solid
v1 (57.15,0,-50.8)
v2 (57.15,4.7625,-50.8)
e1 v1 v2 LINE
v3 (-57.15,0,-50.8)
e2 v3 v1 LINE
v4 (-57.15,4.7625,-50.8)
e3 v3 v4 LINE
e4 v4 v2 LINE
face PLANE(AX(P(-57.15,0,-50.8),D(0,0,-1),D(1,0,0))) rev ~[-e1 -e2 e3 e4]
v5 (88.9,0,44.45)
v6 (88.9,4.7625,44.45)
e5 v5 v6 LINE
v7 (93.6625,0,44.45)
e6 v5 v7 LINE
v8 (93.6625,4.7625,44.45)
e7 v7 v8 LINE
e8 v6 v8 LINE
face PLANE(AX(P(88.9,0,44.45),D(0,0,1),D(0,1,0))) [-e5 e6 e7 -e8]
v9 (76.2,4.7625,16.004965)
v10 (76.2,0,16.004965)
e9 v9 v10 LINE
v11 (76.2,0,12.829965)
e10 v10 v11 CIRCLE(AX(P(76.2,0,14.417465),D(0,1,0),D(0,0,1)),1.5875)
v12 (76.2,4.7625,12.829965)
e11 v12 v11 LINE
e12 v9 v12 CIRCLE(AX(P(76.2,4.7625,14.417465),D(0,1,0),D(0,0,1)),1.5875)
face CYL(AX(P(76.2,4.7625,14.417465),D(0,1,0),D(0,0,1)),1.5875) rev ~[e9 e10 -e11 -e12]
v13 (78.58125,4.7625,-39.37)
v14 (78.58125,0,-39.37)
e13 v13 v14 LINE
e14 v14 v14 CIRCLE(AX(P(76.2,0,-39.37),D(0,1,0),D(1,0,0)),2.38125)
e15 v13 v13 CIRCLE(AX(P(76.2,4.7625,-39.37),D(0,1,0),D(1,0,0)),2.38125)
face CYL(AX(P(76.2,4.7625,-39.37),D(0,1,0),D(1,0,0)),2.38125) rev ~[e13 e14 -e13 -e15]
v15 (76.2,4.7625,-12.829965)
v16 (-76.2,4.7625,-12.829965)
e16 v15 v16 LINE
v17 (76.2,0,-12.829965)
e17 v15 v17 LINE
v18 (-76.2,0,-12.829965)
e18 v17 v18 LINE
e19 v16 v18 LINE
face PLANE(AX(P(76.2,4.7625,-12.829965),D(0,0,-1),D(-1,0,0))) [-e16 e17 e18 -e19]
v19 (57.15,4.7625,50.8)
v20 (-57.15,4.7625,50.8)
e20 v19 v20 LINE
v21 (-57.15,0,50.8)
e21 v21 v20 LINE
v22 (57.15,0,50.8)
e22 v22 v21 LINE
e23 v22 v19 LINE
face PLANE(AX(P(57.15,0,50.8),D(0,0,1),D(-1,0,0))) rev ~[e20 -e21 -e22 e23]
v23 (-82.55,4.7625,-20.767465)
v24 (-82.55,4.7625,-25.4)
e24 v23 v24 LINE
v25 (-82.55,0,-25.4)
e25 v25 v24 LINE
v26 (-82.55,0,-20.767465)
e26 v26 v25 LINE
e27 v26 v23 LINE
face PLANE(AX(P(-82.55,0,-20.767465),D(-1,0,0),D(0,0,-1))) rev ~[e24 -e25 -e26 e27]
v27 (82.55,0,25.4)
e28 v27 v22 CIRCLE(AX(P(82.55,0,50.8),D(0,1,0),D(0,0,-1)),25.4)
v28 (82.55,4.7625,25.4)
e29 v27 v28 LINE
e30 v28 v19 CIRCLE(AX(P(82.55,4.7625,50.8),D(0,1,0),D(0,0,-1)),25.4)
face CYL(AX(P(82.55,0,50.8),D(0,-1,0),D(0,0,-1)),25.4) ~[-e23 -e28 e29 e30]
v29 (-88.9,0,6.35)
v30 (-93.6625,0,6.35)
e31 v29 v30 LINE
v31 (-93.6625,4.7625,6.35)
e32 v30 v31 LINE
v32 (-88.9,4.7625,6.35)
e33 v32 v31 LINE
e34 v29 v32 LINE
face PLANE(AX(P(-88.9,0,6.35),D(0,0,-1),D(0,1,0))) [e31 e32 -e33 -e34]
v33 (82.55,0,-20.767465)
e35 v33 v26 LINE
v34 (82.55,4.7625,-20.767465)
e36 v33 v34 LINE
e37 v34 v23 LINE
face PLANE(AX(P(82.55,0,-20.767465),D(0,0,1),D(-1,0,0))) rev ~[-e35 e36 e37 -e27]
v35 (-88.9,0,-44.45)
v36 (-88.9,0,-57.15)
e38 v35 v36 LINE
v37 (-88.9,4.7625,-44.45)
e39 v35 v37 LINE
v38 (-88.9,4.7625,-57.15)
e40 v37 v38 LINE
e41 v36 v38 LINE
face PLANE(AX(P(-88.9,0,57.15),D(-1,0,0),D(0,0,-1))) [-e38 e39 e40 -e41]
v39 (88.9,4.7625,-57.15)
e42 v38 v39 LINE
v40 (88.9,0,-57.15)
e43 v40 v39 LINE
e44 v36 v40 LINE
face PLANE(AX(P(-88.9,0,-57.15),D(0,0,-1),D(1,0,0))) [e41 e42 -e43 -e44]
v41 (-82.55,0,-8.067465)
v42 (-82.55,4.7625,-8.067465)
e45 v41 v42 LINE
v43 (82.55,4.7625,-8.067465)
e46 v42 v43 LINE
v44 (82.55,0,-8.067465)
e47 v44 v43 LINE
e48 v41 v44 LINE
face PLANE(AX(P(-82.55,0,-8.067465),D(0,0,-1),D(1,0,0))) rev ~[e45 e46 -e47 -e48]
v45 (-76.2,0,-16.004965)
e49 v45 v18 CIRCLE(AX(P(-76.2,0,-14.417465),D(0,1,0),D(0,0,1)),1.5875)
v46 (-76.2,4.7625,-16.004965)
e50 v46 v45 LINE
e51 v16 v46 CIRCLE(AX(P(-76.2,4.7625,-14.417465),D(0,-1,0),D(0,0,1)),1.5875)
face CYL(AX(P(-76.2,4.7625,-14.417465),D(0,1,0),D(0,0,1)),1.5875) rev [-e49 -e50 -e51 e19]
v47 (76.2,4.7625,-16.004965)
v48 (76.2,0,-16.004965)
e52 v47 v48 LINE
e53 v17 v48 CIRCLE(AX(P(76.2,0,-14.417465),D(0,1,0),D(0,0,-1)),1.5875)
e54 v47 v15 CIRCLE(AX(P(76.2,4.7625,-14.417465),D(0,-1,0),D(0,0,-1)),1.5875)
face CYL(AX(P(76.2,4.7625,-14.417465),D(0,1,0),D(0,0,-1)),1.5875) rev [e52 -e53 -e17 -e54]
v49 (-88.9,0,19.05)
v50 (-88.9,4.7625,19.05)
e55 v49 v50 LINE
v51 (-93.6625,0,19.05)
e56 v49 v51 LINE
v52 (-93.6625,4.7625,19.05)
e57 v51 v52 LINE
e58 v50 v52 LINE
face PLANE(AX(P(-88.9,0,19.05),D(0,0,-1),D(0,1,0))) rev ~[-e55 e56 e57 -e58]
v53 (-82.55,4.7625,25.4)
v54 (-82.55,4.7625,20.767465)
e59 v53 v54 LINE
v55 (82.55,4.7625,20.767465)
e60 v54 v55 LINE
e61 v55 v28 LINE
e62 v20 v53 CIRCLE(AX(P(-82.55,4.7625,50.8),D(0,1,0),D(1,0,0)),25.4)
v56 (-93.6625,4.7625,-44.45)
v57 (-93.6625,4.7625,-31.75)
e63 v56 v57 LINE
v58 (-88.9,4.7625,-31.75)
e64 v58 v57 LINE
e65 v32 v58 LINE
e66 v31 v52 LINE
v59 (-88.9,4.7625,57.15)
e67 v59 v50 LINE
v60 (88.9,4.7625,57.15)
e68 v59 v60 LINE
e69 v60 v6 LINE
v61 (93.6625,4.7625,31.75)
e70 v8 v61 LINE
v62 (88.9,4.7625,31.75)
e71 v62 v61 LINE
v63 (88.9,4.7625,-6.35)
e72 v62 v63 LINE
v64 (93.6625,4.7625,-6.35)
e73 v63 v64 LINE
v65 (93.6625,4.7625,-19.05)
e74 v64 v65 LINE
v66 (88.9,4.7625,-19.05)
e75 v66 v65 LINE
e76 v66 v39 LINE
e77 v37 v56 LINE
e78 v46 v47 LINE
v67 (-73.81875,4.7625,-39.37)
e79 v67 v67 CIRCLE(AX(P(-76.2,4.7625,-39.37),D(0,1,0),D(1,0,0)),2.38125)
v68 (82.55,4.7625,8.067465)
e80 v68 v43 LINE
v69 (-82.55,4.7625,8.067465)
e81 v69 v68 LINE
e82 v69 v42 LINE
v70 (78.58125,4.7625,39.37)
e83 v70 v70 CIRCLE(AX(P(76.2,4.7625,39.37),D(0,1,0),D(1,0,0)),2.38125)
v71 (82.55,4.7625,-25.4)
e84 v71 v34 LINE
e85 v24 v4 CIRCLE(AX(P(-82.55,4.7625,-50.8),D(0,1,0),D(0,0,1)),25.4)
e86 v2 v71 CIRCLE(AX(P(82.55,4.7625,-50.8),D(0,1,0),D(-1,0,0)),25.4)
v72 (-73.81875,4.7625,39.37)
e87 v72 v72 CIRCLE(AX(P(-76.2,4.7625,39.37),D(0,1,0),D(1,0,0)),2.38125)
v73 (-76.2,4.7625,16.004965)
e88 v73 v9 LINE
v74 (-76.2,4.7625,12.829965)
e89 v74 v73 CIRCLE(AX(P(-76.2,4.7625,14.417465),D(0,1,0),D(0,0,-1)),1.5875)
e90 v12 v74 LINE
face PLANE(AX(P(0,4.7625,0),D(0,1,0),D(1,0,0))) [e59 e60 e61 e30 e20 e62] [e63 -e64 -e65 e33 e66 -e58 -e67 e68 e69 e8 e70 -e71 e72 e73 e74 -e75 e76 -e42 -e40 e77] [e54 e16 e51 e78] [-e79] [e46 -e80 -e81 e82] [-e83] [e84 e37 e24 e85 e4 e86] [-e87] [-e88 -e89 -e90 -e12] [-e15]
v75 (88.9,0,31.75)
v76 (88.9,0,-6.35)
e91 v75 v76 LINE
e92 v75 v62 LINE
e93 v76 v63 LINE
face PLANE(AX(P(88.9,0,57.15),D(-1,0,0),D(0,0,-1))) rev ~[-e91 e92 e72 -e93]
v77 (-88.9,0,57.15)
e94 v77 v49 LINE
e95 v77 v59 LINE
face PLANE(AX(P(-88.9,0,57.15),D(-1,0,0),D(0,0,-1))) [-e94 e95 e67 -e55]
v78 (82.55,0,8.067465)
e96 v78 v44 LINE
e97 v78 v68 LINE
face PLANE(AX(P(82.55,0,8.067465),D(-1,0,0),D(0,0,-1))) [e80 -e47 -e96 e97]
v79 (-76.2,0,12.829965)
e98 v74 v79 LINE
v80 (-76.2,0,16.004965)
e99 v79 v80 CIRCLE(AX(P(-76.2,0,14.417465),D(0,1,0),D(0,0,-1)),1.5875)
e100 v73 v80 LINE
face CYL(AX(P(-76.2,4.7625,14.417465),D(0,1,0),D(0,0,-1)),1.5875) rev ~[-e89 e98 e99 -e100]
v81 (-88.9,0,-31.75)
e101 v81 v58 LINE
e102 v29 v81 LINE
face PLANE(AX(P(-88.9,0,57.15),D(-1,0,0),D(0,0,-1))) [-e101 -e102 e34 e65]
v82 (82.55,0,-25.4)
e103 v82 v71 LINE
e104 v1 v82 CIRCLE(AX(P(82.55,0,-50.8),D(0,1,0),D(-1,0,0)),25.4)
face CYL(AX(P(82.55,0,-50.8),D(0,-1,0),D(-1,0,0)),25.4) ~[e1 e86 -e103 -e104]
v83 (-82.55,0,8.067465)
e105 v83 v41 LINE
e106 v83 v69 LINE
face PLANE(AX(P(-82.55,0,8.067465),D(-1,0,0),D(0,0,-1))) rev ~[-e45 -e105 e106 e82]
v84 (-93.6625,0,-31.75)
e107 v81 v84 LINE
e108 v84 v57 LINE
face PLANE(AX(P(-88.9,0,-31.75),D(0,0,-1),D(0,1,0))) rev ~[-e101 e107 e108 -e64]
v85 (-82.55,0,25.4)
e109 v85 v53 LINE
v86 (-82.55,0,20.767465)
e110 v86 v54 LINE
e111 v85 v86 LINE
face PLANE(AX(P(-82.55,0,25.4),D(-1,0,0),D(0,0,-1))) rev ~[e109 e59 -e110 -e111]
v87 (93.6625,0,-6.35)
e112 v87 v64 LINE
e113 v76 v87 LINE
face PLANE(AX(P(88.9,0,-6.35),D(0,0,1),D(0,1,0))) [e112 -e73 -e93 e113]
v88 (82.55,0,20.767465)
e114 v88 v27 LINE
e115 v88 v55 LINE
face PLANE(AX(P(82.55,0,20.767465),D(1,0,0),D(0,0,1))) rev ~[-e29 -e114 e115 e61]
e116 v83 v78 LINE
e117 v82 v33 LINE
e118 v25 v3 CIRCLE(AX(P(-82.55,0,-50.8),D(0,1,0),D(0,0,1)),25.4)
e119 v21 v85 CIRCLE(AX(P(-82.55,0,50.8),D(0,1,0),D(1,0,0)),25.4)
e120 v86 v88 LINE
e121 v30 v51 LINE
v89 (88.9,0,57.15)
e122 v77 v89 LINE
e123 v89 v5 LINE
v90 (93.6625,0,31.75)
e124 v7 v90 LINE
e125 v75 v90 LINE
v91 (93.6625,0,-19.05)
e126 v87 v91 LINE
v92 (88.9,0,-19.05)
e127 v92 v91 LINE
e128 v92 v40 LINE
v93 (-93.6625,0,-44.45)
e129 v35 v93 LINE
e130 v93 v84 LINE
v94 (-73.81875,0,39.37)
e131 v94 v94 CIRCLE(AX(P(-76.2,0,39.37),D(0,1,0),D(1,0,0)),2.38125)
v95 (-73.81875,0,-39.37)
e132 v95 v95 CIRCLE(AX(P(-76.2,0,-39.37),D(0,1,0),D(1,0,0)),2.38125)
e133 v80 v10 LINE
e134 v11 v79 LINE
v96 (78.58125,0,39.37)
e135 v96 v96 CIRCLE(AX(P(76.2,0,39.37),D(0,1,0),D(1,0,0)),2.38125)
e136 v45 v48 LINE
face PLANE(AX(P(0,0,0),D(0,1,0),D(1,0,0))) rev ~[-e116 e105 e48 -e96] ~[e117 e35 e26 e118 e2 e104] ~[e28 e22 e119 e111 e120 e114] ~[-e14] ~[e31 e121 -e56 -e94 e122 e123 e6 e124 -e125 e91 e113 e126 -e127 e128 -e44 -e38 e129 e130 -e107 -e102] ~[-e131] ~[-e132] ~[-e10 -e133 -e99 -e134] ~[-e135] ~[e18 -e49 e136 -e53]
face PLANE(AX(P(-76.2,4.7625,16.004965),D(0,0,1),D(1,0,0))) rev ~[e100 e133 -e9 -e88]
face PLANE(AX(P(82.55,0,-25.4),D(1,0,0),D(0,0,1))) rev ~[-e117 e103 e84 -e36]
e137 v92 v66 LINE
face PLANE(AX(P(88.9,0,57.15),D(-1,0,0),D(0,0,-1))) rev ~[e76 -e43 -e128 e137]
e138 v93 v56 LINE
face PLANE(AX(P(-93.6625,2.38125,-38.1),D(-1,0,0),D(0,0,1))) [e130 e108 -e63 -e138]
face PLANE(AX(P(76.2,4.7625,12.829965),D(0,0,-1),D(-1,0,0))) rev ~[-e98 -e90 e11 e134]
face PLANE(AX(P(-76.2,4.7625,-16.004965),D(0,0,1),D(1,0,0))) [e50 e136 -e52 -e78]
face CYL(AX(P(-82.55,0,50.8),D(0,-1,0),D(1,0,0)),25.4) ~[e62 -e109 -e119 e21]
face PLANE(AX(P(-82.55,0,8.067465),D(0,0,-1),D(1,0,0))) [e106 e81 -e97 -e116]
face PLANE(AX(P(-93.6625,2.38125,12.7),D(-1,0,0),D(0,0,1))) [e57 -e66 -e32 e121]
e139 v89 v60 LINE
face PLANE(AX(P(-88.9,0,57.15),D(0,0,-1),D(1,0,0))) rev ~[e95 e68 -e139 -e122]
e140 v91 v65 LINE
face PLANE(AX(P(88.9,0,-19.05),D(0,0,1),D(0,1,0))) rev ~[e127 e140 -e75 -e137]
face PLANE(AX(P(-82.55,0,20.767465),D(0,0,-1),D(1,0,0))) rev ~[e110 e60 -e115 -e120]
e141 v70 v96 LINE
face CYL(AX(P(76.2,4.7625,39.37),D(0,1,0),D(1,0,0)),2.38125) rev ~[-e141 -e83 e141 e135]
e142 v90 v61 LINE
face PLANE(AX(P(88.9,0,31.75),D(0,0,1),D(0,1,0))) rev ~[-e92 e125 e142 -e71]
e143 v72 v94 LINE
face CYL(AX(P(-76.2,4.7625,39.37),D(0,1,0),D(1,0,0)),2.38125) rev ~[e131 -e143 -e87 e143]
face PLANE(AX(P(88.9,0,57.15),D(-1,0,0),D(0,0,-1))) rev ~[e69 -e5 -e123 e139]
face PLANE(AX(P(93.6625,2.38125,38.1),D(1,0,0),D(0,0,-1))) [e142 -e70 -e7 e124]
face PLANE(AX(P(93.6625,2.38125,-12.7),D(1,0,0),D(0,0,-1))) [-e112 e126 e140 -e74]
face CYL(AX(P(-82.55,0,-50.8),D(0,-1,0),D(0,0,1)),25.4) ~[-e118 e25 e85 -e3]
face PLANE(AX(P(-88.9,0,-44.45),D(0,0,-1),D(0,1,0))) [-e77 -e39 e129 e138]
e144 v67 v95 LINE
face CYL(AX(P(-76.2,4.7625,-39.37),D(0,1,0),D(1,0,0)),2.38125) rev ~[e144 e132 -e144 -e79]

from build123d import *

# Parameters (mm, degrees)
SKETCH1_W           = 177.8
SKETCH1_H           = 114.3
SKETCH1_W_2         = 165.1
SKETCH1_H_2         = 16.134929366
BOSS_EXTRUDE1_DEPTH = 4.7625
CUT_EXTRUDE1_DEPTH  = 5.7625
SKETCH4_R           = 2.38125
CUT_EXTRUDE2_DEPTH  = 5.7625
SKETCH7_W           = 12.7
SKETCH7_H           = 4.7625
BOSS_EXTRUDE2_DEPTH = 4.7625
SKETCH8_W           = 12.7
SKETCH8_H           = 4.7625
BOSS_EXTRUDE3_DEPTH = 4.7625


with BuildPart() as part:
    # Sketch1 → Boss-Extrude1 (new body)
    with BuildSketch(Plane(origin=(0, 0, 0), x_dir=(1, 0, 0), z_dir=(0, 1, 0))):
        Rectangle(SKETCH1_W, SKETCH1_H)
        with BuildLine():
            Line((-82.55, -25.4), (-82.55, -20.767464683))
            Line((-82.55, -20.767464683), (82.55, -20.767464683))
            Line((82.55, -20.767464683), (82.55, -25.4))
            ThreePointArc((82.55, -25.4), (64.589487758, -32.839487758), (57.15, -50.8))
            Line((57.15, -50.8), (-57.15, -50.8))
            ThreePointArc((-57.15, -50.8), (-64.589487758, -32.839487758), (-82.55, -25.4))
        make_face(mode=Mode.SUBTRACT)
        Rectangle(SKETCH1_W_2, SKETCH1_H_2, mode=Mode.SUBTRACT)
        with BuildLine():
            Line((82.55, 20.767464683), (-82.55, 20.767464683))
            Line((-82.55, 20.767464683), (-82.55, 25.4))
            ThreePointArc((-82.55, 25.4), (-64.589487758, 32.839487758), (-57.15, 50.8))
            Line((-57.15, 50.8), (57.15, 50.8))
            ThreePointArc((57.15, 50.8), (64.589487758, 32.839487758), (82.55, 25.4))
            Line((82.55, 25.4), (82.55, 20.767464683))
        make_face(mode=Mode.SUBTRACT)
    extrude(amount=BOSS_EXTRUDE1_DEPTH)

    # Sketch3 → Cut-Extrude1 (cut, through all)
    with BuildSketch(Plane(origin=(0, 4.7625, 0), x_dir=(1, 0, 0), z_dir=(0, 1, 0))):
        with BuildLine():
            Line((-76.2, 16.004964683), (76.2, 16.004964683))
            ThreePointArc((76.2, 16.004964683), (77.7875, 14.417464683), (76.2, 12.829964683))
            Line((76.2, 12.829964683), (-76.2, 12.829964683))
            ThreePointArc((-76.2, 12.829964683), (-77.7875, 14.417464683), (-76.2, 16.004964683))
        make_face()
        with BuildLine():
            Line((-76.2, -16.004964683), (76.2, -16.004964683))
            ThreePointArc((76.2, -16.004964683), (77.7875, -14.417464683), (76.2, -12.829964683))
            Line((76.2, -12.829964683), (-76.2, -12.829964683))
            ThreePointArc((-76.2, -12.829964683), (-77.7875, -14.417464683), (-76.2, -16.004964683))
        make_face()
    extrude(amount=-CUT_EXTRUDE1_DEPTH, mode=Mode.SUBTRACT)

    # Sketch4 → Cut-Extrude2 (cut, through all)
    with BuildSketch(Plane(origin=(0, 4.7625, 0), x_dir=(1, 0, 0), z_dir=(0, 1, 0))):
        with Locations((-76.2, 39.37)):
            Circle(SKETCH4_R)
        with Locations((-76.2, -39.37)):
            Circle(SKETCH4_R)
        with Locations((76.2, -39.37)):
            Circle(SKETCH4_R)
        with Locations((76.2, 39.37)):
            Circle(SKETCH4_R)
    extrude(amount=-CUT_EXTRUDE2_DEPTH, mode=Mode.SUBTRACT)

    # Sketch7 → Boss-Extrude2 (add)
    with BuildSketch(Plane(origin=(88.9, 0, 0), x_dir=(0, 0, -1), z_dir=(1, 0, 0))):
        with Locations((-38.1, 2.38125)):
            Rectangle(SKETCH7_W, SKETCH7_H)
        with Locations((12.7, 2.38125)):
            Rectangle(SKETCH7_W, SKETCH7_H)
    extrude(amount=BOSS_EXTRUDE2_DEPTH)

    # Sketch8 → Boss-Extrude3 (add)
    with BuildSketch(Plane.ZY.offset(88.9)):
        with Locations((-38.1, 2.38125)):
            Rectangle(SKETCH8_W, SKETCH8_H)
        with Locations((12.7, 2.38125)):
            Rectangle(SKETCH8_W, SKETCH8_H)
    extrude(amount=BOSS_EXTRUDE3_DEPTH)


solid = part.part
